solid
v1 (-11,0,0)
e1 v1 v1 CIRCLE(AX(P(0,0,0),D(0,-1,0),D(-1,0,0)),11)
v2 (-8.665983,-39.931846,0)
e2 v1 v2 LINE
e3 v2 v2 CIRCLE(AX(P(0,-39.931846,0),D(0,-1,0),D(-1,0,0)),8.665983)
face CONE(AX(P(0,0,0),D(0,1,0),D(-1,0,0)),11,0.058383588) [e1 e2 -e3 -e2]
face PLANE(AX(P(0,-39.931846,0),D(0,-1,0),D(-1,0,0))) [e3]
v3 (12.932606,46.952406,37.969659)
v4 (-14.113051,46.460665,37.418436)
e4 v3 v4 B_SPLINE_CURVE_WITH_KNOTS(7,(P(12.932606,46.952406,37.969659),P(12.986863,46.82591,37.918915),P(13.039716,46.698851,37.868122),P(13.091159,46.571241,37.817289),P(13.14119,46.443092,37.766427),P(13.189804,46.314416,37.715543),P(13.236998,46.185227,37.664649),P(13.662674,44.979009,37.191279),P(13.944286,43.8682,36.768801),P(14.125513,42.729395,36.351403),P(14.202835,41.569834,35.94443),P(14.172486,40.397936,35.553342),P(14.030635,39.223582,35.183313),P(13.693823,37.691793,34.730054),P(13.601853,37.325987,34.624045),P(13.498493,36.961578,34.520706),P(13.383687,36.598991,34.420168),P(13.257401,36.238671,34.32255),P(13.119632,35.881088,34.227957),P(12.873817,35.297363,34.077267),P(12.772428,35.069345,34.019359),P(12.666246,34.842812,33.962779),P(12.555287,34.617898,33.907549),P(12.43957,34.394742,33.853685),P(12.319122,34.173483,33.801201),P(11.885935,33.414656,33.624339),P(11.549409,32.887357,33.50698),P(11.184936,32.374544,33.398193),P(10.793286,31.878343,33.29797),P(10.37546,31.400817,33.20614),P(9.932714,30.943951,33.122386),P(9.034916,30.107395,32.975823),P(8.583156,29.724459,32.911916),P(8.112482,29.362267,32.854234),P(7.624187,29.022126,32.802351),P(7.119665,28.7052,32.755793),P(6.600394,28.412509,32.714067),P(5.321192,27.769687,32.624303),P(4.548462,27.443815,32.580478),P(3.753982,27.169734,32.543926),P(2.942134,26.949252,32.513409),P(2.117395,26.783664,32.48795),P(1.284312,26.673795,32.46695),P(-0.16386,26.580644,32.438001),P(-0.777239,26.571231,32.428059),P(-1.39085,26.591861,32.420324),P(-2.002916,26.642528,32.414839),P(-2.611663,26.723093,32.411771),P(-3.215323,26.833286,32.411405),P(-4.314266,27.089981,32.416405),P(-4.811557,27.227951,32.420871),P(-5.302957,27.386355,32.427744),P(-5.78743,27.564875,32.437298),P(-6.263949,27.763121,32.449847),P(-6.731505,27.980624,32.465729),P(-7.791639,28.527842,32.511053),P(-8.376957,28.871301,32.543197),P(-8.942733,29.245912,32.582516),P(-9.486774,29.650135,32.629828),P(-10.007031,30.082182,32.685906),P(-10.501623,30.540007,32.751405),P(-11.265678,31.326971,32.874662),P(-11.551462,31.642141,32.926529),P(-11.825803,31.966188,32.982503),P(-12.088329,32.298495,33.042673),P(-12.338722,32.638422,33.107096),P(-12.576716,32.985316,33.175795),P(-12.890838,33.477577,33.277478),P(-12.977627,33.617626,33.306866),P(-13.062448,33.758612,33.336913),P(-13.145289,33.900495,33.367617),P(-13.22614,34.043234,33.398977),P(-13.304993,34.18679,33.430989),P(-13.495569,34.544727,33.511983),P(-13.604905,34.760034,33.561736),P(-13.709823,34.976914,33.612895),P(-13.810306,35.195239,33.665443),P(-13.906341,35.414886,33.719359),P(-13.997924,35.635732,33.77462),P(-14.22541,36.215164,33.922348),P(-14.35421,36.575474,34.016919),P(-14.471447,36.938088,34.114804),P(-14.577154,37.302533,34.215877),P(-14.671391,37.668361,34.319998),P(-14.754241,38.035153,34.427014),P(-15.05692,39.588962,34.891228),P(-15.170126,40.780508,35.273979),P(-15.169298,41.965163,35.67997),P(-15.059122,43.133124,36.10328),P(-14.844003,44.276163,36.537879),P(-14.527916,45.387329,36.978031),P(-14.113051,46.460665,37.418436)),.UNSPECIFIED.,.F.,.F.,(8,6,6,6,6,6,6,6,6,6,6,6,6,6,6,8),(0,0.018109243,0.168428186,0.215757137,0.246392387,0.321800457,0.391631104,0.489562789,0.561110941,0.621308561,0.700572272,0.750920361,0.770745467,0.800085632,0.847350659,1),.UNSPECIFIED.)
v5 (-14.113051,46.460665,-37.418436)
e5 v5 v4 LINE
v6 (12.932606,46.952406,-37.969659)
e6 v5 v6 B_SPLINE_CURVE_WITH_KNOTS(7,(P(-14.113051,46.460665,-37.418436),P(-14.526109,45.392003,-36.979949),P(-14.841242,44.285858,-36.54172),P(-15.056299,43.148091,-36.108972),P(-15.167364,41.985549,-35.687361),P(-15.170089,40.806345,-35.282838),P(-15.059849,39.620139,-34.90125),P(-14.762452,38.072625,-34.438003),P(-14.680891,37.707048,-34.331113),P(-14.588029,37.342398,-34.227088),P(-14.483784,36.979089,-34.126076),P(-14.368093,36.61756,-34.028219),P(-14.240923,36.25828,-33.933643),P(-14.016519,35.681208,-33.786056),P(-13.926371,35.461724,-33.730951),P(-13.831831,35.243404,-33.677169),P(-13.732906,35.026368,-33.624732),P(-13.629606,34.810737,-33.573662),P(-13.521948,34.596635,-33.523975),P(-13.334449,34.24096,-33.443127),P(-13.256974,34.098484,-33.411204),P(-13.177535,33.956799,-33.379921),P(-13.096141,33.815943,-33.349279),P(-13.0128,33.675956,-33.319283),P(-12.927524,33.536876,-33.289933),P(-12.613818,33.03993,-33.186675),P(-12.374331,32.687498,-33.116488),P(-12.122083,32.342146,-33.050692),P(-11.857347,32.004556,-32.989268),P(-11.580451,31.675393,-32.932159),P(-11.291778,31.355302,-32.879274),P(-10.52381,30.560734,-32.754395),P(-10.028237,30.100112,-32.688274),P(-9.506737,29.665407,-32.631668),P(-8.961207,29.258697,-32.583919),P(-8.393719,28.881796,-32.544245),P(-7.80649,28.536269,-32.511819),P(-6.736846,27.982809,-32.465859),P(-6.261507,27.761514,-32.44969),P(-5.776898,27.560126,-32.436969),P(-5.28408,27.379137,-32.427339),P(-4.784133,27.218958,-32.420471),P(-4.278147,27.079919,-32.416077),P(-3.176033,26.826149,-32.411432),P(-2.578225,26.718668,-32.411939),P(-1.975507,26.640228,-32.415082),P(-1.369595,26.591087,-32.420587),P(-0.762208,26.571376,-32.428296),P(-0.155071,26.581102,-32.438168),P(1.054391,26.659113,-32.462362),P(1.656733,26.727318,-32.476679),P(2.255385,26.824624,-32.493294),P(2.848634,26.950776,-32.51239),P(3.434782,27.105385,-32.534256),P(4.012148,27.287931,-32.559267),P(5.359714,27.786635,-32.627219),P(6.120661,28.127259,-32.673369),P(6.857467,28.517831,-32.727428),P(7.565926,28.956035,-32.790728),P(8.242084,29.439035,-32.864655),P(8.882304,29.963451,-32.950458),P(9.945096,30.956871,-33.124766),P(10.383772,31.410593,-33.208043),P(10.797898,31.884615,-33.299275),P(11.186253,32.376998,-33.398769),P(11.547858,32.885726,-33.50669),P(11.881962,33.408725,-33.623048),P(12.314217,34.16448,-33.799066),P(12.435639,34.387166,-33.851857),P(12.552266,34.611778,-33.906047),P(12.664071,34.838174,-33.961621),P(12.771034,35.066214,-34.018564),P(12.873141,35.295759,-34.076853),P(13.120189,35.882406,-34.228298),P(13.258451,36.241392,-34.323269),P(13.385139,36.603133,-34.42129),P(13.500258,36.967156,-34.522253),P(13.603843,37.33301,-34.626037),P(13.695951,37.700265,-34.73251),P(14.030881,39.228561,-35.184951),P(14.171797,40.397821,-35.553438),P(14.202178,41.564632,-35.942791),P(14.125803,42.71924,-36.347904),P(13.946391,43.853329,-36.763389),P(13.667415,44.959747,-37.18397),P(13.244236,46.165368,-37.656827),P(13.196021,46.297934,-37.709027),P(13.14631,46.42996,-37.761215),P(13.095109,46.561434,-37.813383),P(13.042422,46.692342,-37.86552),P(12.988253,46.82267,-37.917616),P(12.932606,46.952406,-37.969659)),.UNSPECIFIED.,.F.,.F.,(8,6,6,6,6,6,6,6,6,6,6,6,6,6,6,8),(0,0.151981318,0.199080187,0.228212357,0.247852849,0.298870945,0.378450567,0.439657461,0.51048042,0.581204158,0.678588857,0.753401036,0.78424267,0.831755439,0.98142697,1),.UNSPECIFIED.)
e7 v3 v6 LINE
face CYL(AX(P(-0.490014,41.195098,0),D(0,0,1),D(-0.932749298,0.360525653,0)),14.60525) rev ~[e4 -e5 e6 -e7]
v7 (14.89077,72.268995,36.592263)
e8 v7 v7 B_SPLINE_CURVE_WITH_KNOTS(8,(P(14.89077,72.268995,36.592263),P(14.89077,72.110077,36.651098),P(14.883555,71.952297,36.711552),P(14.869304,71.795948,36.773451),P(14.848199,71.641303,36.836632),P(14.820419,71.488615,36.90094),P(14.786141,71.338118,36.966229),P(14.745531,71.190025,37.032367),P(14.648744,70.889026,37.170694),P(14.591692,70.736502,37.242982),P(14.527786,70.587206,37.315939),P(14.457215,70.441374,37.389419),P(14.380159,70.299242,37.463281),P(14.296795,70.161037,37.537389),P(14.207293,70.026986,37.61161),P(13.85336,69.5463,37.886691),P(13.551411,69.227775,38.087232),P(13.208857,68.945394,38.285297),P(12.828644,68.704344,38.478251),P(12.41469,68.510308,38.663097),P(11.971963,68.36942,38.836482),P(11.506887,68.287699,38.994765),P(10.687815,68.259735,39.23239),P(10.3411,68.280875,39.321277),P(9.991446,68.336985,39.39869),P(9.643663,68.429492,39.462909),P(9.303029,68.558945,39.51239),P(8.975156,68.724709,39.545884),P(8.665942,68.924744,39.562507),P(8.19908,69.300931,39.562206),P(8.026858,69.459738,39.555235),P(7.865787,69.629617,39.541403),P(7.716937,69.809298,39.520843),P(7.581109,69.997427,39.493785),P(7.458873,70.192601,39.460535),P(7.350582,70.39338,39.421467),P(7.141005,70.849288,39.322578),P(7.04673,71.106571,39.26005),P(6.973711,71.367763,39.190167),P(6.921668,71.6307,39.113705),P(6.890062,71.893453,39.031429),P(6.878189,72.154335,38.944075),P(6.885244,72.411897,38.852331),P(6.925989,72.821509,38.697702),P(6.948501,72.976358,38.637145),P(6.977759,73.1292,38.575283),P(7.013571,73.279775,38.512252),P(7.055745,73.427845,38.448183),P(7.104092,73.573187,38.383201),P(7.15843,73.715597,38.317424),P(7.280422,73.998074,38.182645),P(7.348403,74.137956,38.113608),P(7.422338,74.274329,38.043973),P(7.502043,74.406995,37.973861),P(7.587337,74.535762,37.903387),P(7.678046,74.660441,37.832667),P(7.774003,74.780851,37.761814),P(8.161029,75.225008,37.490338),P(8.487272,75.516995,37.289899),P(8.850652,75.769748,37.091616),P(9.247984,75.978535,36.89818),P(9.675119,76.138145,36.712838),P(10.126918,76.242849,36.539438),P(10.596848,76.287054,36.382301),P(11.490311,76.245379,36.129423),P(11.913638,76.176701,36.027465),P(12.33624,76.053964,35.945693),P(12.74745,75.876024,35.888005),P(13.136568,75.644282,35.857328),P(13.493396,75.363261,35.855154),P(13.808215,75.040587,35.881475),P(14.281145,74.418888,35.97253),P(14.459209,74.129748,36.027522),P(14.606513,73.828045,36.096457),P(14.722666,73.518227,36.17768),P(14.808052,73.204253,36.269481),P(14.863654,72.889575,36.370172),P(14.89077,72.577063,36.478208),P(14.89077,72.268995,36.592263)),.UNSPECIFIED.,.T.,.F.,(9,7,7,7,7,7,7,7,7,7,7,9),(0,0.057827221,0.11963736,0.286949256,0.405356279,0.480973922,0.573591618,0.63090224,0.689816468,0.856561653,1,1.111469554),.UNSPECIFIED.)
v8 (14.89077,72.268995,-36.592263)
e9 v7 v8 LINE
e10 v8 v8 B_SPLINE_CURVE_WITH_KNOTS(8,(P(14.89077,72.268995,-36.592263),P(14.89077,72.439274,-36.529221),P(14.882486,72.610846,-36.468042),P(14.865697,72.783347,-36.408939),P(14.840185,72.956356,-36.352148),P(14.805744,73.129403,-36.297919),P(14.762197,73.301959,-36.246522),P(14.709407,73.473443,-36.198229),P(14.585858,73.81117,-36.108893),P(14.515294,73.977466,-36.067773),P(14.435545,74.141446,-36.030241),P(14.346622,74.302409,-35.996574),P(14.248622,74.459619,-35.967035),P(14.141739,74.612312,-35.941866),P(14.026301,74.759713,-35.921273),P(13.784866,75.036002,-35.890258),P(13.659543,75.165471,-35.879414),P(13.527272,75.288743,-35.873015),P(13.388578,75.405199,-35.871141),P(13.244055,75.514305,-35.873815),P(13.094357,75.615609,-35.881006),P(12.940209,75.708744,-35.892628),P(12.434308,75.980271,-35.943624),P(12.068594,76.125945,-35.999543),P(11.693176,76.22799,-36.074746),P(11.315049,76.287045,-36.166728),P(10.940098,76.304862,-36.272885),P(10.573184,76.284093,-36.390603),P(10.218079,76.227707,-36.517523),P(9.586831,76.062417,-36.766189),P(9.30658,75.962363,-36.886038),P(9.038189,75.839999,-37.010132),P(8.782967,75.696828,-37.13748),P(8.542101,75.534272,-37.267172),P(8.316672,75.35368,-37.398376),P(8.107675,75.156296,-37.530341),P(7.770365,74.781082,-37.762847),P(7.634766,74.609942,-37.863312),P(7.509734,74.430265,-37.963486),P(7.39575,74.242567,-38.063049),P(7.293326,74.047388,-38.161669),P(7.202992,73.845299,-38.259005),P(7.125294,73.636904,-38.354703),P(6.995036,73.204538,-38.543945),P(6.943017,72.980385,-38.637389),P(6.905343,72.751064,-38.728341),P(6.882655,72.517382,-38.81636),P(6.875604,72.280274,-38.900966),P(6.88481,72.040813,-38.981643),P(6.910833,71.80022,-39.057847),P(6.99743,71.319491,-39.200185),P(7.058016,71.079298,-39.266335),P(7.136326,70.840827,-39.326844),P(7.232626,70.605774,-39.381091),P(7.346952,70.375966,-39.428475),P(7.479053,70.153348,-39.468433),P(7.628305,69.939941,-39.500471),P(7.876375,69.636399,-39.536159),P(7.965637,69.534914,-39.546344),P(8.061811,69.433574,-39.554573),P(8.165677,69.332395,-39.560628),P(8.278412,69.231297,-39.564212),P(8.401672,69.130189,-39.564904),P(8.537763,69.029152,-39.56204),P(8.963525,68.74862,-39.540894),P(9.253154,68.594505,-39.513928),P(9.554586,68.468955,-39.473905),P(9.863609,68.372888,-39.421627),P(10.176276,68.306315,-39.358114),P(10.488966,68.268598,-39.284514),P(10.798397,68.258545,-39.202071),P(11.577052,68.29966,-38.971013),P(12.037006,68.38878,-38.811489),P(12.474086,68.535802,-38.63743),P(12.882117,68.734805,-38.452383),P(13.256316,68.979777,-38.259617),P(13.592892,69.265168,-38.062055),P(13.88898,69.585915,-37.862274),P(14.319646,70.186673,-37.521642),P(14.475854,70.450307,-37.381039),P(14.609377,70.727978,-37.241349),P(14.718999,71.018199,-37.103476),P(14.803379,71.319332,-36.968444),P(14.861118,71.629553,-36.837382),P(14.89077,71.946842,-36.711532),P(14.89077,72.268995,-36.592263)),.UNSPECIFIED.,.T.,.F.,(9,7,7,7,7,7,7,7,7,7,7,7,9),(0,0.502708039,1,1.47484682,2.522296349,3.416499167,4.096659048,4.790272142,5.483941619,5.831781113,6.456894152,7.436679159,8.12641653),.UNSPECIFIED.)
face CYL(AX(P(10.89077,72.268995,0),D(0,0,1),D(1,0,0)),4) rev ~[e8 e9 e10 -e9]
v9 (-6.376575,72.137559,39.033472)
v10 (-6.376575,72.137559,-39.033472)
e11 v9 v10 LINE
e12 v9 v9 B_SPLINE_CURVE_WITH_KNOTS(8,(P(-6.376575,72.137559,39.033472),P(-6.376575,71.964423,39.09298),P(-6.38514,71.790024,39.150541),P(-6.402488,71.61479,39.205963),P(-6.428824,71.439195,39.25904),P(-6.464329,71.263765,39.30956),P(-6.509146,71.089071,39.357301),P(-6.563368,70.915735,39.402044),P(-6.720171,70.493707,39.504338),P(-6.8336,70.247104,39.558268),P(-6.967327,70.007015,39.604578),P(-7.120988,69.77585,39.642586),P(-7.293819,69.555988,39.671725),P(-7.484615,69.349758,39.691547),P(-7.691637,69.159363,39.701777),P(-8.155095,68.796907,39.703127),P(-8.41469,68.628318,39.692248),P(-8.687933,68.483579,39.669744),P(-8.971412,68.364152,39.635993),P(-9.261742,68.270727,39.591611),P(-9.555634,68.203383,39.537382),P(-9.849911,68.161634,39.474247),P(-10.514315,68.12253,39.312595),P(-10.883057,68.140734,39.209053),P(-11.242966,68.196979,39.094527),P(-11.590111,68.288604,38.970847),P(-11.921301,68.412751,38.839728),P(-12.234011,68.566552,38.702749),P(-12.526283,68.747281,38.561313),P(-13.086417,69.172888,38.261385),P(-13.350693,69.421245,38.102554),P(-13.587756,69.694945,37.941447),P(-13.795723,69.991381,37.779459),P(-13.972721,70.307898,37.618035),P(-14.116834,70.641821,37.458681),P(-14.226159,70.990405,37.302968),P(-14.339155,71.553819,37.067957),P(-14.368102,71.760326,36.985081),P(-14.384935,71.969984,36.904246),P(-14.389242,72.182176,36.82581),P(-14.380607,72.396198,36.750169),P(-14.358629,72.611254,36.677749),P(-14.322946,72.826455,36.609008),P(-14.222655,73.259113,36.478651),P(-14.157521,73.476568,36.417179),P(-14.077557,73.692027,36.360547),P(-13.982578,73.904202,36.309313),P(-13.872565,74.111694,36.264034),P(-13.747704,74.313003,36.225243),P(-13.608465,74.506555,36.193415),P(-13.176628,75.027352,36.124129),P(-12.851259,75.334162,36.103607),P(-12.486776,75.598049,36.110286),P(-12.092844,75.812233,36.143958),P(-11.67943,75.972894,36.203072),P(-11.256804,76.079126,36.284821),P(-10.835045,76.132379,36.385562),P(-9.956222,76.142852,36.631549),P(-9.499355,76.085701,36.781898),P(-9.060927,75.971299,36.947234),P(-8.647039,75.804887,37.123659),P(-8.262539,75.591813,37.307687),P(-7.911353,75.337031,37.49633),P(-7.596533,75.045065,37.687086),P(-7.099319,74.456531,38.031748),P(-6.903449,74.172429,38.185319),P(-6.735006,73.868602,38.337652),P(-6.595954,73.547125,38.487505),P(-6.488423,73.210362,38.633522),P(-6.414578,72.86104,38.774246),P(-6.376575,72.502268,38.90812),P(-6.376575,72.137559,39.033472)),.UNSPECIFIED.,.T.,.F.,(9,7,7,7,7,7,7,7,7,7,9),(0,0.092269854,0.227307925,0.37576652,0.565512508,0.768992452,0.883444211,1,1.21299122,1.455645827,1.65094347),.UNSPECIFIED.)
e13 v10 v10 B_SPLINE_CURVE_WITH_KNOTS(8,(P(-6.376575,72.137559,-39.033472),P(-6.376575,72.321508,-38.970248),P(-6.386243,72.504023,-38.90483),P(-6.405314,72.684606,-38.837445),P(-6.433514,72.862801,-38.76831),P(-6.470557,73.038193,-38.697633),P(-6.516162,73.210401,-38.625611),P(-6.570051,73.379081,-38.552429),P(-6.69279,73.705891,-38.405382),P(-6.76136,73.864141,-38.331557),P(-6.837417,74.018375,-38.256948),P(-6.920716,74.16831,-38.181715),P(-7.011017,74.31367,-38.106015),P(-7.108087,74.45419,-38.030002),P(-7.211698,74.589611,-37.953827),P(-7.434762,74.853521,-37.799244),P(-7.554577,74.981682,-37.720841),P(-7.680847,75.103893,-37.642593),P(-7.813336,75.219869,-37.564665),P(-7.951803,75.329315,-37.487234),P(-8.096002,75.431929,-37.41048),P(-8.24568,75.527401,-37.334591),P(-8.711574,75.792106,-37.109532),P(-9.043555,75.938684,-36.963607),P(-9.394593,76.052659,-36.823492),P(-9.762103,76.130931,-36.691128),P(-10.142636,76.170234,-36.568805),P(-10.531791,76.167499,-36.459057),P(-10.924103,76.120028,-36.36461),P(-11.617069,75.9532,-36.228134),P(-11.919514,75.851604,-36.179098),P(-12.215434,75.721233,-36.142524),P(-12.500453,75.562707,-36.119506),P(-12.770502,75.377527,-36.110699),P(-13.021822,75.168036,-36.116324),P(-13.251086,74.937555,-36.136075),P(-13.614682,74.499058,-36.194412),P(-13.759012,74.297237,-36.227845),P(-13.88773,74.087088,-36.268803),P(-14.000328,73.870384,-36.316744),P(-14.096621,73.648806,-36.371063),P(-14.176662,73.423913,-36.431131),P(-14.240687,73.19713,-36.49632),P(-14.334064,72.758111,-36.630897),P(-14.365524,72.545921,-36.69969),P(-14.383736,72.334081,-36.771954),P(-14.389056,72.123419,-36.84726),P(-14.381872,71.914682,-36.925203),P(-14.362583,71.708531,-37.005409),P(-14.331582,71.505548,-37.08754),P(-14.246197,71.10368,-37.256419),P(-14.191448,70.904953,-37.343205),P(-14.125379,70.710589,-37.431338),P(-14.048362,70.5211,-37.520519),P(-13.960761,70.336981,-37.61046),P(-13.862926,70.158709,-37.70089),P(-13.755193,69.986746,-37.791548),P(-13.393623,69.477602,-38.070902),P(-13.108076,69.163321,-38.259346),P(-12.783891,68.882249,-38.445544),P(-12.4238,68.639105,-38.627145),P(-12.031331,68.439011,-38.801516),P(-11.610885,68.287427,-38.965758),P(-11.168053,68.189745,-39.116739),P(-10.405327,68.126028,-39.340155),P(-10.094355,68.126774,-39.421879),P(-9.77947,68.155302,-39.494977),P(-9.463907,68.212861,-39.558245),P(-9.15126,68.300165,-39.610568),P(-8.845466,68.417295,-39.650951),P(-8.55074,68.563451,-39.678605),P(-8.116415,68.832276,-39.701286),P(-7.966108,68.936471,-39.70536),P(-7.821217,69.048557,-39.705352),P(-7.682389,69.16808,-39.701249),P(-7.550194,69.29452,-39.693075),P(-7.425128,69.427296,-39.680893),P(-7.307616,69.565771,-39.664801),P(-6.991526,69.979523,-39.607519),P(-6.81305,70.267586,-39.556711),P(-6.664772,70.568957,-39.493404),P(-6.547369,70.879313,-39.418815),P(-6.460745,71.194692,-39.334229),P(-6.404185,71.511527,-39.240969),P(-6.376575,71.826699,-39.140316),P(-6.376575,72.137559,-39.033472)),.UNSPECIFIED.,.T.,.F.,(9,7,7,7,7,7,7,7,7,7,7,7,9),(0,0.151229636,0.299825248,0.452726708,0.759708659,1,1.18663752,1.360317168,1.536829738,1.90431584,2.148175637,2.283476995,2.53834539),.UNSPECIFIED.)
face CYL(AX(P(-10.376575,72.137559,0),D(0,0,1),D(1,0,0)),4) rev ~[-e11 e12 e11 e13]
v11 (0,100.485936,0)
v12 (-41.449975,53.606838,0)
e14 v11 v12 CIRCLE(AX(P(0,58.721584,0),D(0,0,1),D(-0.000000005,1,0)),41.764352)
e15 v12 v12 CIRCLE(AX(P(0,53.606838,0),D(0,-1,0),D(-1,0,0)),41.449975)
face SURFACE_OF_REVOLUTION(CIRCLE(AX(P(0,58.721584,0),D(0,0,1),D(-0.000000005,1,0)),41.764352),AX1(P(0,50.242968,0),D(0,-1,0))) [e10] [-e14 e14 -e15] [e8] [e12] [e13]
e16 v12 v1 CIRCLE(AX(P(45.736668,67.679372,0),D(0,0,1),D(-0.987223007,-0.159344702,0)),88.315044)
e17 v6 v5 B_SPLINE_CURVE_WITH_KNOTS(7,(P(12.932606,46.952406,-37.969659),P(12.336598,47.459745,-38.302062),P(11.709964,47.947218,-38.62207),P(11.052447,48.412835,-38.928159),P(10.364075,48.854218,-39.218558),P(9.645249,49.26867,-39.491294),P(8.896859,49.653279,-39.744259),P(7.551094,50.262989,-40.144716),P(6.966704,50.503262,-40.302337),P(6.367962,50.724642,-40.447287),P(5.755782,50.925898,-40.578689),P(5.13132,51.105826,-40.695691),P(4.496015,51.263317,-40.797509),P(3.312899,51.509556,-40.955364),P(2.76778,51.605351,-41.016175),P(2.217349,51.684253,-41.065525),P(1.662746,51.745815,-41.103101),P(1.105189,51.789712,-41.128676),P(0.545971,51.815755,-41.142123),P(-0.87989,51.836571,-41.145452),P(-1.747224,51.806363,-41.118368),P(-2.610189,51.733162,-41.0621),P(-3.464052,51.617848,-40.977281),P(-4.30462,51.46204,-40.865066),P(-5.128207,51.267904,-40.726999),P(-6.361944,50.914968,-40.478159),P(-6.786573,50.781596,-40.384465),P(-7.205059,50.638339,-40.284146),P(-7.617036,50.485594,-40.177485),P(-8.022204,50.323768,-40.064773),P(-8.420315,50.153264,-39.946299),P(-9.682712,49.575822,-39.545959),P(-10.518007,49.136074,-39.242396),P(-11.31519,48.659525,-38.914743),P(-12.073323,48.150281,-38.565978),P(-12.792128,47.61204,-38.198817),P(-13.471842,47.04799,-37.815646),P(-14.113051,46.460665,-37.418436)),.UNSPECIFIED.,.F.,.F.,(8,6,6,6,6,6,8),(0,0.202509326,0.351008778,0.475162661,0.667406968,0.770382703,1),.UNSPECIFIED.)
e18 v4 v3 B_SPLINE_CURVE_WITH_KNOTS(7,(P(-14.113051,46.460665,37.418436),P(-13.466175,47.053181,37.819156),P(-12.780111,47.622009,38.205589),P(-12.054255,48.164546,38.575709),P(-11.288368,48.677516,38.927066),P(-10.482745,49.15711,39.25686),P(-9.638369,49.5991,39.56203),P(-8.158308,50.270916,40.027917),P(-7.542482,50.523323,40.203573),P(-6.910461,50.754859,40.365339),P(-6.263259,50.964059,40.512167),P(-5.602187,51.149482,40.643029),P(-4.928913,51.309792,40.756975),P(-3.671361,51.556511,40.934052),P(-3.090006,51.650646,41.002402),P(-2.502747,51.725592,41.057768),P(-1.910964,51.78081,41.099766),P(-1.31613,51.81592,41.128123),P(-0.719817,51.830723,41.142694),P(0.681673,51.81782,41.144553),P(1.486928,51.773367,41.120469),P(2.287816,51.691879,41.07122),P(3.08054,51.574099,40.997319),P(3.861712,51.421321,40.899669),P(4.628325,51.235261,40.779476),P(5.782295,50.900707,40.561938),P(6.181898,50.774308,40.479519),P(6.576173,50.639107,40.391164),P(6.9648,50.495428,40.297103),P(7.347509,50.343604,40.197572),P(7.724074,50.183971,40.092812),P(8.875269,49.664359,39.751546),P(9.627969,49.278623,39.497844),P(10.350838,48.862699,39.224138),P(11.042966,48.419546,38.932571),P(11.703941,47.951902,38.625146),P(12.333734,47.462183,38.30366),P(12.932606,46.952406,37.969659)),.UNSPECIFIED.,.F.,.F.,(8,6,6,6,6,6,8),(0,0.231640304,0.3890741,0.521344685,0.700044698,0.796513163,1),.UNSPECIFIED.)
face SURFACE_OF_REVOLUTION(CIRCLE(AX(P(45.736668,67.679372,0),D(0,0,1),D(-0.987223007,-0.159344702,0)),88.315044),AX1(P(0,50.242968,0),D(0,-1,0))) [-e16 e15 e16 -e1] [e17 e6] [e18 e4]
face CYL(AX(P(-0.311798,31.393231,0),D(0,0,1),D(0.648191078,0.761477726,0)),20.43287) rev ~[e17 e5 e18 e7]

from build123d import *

# Parameters (mm, degrees)
F2_R     = 4
F3_DEPTH = 41.765352
F4_DEPTH = 41.765352


with BuildPart() as f1:
    # F0 (on Top) → F1 (revolve)
    with BuildSketch(Plane.XY):
        Polygon((0, -39.931846), (0, 0), (-11, 0), (-8.665983, -39.931846), align=None)
        with BuildLine():
            Line((-11, 0), (0, 0))
            Line((0, 0), (0, 100.485936))
            ThreePointArc((0, 100.485936), (-31.287978, 86.386065), (-41.449975, 53.606838))
            ThreePointArc((-41.449975, 53.606838), (-31.054628, 24.060067), (-11, 0))
        make_face()
    revolve(axis=Axis((0, 50.242968, 0), (0, -1, 0)))

    # F2 (on Top) → F3 (cut, through all)
    with BuildSketch(Plane.XY):
        with Locations((10.89077, 72.268995)):
            Circle(F2_R)
        with Locations((-10.376575, 72.137559)):
            Circle(F2_R)
        with BuildLine():
            ThreePointArc((12.932606, 46.952406), (-0.683245, 51.822724), (-14.113051, 46.460665))
            ThreePointArc((-14.113051, 46.460665), (-0.224508, 26.592261), (12.932606, 46.952406))
        make_face()
    extrude(amount=-F3_DEPTH, mode=Mode.SUBTRACT)

    # F2 (on Top) → F4 (cut, through all)
    with BuildSketch(Plane.XY):
        with Locations((10.89077, 72.268995)):
            Circle(F2_R)
        with Locations((-10.376575, 72.137559)):
            Circle(F2_R)
        with BuildLine():
            ThreePointArc((12.932606, 46.952406), (-0.683245, 51.822724), (-14.113051, 46.460665))
            ThreePointArc((-14.113051, 46.460665), (-0.224508, 26.592261), (12.932606, 46.952406))
        make_face()
    extrude(amount=F4_DEPTH, mode=Mode.SUBTRACT)


solid = f1.part
